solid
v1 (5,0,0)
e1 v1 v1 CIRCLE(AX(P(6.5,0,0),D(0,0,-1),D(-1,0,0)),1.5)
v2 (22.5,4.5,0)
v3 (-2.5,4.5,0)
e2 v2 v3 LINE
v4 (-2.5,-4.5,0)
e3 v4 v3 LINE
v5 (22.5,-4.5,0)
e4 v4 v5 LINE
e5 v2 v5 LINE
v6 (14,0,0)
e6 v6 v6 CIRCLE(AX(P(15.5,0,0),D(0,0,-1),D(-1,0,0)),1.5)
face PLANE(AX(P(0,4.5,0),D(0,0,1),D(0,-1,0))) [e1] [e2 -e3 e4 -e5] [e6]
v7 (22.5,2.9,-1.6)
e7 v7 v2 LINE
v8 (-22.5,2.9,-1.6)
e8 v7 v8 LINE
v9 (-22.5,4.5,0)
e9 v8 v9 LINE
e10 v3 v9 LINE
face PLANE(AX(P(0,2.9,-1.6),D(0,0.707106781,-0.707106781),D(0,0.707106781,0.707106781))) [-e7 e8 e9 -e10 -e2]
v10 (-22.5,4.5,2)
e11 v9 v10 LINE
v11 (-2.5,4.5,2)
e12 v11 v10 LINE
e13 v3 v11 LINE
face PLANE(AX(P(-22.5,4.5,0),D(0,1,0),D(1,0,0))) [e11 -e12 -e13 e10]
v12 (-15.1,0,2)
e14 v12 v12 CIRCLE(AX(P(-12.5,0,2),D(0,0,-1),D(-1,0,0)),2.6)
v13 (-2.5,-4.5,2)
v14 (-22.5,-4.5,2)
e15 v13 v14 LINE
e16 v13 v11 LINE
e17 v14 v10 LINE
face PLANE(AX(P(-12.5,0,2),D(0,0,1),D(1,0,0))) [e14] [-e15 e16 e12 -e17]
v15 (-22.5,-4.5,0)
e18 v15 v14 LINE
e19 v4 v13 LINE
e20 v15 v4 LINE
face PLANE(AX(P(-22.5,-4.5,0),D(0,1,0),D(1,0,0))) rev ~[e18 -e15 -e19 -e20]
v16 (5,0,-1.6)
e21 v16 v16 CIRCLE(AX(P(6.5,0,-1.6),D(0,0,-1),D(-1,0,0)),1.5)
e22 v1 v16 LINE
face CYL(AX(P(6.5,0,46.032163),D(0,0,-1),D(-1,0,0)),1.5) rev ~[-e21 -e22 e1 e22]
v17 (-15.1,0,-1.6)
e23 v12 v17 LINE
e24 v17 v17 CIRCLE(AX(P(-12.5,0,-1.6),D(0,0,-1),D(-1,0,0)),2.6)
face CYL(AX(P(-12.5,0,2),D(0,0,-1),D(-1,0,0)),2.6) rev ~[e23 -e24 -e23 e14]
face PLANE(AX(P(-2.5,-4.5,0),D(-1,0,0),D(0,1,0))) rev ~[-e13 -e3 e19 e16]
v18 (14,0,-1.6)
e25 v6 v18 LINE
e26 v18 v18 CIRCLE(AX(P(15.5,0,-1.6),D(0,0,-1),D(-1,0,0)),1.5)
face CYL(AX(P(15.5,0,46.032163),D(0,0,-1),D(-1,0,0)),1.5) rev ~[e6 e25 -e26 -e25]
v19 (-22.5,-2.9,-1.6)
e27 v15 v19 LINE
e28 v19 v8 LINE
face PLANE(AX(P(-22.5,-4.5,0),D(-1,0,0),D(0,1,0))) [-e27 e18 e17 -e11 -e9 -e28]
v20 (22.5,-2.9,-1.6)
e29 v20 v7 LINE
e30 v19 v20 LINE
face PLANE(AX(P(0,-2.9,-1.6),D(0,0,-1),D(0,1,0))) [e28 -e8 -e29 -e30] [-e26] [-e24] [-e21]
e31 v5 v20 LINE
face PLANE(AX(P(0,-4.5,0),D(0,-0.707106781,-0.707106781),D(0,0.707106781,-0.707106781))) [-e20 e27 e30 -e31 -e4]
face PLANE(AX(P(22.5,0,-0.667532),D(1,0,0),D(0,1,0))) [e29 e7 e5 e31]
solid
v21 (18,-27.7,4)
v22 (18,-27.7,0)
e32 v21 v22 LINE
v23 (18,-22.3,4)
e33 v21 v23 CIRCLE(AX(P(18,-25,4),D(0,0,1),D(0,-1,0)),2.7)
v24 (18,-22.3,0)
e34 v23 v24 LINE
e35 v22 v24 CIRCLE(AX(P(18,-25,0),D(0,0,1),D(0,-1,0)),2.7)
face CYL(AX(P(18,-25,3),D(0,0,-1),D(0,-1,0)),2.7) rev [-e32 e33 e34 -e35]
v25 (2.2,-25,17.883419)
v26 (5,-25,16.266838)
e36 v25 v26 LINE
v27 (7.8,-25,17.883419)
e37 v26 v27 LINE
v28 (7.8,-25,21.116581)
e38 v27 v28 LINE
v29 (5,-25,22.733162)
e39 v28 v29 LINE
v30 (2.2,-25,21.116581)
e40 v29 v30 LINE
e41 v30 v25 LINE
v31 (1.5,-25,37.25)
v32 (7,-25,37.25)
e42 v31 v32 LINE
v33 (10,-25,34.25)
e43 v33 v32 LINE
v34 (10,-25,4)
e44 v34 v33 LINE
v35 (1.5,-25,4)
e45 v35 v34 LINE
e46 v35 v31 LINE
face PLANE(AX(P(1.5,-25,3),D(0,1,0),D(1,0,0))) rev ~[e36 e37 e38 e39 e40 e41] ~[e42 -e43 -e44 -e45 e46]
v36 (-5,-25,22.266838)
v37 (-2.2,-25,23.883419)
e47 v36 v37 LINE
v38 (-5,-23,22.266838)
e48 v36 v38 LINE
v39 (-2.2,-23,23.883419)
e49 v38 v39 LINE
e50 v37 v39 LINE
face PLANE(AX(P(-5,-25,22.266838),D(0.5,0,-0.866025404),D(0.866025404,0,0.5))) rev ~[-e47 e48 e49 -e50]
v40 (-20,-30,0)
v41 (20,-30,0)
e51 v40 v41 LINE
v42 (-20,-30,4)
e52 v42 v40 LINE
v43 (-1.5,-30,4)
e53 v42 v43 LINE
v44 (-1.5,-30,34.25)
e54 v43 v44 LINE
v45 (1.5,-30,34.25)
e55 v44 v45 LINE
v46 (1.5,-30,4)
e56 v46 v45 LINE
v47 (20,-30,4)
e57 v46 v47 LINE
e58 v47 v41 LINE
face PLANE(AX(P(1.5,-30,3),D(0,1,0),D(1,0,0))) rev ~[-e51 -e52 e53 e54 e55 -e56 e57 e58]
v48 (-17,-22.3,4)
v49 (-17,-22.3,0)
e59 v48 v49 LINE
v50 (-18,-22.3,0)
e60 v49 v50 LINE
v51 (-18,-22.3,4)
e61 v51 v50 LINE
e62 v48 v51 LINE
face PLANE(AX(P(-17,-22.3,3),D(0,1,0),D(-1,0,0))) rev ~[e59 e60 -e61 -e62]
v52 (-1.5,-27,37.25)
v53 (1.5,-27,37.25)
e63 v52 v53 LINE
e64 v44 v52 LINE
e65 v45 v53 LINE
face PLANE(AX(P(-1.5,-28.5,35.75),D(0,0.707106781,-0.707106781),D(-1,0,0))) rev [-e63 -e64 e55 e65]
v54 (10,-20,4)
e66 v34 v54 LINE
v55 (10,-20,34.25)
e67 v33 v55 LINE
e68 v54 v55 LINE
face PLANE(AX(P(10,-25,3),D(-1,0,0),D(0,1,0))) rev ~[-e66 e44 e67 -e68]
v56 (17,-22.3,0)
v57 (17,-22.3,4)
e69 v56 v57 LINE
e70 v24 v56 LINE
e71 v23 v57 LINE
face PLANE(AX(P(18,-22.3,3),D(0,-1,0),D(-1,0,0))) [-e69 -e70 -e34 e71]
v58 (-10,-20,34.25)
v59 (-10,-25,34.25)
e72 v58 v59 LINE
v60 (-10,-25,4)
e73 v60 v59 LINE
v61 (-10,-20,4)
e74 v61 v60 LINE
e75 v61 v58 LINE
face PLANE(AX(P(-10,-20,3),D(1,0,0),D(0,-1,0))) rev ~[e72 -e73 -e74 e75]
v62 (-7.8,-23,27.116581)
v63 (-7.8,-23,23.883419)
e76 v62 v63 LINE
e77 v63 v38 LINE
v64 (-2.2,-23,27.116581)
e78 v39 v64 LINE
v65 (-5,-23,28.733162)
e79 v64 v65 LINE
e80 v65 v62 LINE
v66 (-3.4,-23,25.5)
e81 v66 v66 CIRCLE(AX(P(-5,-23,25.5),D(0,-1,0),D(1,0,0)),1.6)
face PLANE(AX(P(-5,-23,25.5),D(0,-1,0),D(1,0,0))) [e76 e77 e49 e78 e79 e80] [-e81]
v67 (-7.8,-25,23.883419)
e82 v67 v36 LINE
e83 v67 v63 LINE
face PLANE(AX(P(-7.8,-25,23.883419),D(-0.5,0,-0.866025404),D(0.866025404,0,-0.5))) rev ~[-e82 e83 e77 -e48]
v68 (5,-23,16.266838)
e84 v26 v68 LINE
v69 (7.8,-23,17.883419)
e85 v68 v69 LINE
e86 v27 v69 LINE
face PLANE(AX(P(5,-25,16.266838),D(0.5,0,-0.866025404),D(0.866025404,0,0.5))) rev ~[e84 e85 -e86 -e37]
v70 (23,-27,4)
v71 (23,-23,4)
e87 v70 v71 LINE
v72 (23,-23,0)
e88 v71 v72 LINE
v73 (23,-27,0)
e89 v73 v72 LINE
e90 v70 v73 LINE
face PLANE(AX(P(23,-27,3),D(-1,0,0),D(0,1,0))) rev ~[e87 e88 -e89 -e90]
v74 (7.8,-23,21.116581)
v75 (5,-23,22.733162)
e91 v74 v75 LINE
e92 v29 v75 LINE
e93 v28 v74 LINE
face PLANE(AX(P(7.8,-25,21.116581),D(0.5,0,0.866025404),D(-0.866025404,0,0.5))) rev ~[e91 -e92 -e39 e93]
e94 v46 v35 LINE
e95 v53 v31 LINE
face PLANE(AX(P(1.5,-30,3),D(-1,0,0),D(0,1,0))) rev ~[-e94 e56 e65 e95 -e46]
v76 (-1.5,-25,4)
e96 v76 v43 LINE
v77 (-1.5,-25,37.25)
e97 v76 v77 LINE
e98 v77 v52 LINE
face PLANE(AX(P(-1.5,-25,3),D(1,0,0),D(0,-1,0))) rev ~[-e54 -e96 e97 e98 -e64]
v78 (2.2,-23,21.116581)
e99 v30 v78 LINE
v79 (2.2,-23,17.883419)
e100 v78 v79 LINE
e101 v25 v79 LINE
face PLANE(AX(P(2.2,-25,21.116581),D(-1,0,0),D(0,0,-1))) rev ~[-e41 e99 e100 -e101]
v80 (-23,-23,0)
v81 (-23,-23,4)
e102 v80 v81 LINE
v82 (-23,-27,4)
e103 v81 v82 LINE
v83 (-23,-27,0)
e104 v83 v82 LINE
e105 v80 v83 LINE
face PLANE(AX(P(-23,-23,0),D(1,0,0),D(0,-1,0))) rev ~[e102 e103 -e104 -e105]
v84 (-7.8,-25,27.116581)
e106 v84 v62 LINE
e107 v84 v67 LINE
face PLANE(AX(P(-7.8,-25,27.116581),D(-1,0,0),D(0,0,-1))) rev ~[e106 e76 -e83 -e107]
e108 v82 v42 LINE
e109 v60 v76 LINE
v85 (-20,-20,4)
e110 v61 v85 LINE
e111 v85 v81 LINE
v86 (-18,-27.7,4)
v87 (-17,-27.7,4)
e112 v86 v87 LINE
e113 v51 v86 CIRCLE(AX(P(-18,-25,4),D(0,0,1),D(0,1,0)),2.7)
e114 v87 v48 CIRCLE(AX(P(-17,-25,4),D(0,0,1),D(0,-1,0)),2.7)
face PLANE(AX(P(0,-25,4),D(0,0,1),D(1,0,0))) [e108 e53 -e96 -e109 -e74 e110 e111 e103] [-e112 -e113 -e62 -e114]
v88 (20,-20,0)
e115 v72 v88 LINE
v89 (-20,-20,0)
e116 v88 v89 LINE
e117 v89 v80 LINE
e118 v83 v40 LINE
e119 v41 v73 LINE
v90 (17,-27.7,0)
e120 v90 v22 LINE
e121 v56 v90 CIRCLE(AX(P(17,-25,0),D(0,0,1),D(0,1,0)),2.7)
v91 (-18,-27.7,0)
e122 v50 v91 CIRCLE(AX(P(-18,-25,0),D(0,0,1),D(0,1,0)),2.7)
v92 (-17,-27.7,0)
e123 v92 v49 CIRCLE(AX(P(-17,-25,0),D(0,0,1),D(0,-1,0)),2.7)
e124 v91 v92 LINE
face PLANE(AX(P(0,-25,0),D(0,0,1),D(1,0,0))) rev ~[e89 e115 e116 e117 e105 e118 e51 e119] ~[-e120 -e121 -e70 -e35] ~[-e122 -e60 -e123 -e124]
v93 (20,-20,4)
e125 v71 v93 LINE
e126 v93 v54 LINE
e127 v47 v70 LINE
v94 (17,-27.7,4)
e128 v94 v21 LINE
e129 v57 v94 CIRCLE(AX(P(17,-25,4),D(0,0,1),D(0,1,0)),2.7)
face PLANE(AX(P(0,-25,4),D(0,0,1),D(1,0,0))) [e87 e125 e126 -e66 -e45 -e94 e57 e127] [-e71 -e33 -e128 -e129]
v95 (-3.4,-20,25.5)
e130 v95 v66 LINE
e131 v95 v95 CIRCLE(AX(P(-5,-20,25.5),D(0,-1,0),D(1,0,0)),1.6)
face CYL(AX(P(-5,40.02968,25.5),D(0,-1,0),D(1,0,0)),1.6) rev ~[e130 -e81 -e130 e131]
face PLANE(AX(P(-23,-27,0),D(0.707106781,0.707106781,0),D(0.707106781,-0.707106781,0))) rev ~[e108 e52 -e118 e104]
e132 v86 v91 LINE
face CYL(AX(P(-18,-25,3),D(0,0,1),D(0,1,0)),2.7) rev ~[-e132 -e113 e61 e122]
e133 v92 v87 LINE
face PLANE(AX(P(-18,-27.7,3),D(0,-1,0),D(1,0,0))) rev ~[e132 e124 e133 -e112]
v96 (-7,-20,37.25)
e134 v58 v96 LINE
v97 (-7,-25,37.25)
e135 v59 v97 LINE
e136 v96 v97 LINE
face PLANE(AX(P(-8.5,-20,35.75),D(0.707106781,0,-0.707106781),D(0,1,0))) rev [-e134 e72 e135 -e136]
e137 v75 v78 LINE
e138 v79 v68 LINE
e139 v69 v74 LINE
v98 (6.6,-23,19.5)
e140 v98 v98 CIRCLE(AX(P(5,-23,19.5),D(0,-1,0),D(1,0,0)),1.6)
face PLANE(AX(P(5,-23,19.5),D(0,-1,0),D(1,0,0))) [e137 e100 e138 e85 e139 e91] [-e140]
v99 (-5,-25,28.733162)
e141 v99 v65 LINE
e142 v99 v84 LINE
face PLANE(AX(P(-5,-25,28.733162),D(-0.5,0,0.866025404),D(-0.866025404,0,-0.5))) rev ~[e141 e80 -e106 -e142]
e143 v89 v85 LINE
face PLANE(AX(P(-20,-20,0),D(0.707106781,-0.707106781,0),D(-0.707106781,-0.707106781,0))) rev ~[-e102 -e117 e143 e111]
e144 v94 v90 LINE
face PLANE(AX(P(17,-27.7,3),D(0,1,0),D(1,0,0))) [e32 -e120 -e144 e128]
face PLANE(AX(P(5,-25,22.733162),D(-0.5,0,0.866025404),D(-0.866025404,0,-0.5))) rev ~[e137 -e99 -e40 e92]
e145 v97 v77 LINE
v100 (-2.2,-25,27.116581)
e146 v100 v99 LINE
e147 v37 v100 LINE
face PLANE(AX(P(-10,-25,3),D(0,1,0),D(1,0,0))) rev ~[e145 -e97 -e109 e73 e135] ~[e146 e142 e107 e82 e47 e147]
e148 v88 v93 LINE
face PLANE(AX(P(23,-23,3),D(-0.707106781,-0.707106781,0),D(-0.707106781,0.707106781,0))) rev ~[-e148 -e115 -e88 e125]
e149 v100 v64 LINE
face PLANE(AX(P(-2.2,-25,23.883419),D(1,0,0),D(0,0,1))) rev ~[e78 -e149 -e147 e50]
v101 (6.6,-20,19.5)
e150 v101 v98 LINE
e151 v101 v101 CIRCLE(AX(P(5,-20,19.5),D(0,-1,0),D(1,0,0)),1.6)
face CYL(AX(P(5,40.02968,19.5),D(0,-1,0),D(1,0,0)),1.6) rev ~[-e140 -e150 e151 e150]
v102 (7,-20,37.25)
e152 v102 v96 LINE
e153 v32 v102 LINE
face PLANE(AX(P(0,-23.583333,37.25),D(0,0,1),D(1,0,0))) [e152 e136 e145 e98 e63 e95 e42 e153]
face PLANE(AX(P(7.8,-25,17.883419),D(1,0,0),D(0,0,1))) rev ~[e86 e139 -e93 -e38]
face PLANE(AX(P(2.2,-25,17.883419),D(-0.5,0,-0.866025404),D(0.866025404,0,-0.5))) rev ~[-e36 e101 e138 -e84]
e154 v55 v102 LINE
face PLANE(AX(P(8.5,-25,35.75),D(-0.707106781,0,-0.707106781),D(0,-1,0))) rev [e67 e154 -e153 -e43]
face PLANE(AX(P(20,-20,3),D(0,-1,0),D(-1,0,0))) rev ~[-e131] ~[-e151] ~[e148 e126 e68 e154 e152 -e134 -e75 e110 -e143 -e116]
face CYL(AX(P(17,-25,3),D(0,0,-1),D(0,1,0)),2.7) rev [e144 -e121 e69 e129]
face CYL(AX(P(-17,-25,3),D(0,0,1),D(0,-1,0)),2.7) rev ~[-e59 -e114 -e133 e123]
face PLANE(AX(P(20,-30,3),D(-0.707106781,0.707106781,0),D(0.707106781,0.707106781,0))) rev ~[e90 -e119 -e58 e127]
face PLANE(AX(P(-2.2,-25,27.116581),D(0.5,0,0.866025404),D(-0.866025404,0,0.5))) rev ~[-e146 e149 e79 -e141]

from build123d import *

# Parameters (mm, degrees)
F1_DEPTH        = 3
F3_DEPTH        = 34.25
F4_SIZE         = 3
F6_D            = 3.2
F8_DEPTH        = 3.001
F10_DEPTH       = 2
F13_DEPTH       = 22.5
F14_W           = 20
F14_H           = 9
F15_DEPTH       = 2
F17_D           = 5.2
F17_CBORE_D     = 10
F17_CBORE_DEPTH = 0
F19_D           = 3
F20_DEPTH       = 1


with BuildPart() as f1:
    # F0 (on Top) → F1 (new body)
    with BuildSketch(Plane.XY):
        Polygon((20, 5), (0, 5), (-20, 5), (-23, 2), (-23, 0), (-23, -2), (-20, -5), (0, -5), (20, -5), (23, -2), (23, 0), (23, 2), align=None)
    extrude(amount=F1_DEPTH)

    # F2 (on face) → F3 (join)
    with BuildSketch(Plane.XY.offset(3)):
        Polygon((10, 5), (-10, 5), (-10, 0), (-1.5, 0), (-1.5, -5), (1.5, -5), (1.5, 0), (10, 0), align=None)
    extrude(amount=F3_DEPTH)

    # F4
    f4_edges = [f1.edges().sort_by_distance(p)[0] for p in [
        (10, 2.5, 37.25),
        (-10, 2.5, 37.25),
        (0, -5, 37.25),
    ]]
    chamfer(f4_edges, length=F4_SIZE)

    # F6 (through all)
    with Locations(Plane(origin=(0, 5, 0), x_dir=(-1, 0, 0), z_dir=(0, 1, 0))):
        with Locations((5, 25.5), (-5, 19.5)):
            Hole(F6_D / 2)

    # F7 (on face) → F8 (cut, through all)
    with BuildSketch(Plane.XY.offset(3)):
        with BuildLine():
            ThreePointArc((17, 2.7), (14.3, 0), (17, -2.7))
            Line((17, -2.7), (18, -2.7))
            ThreePointArc((18, -2.7), (20.7, 0), (18, 2.7))
            Line((18, 2.7), (17, 2.7))
        make_face()
        with BuildLine():
            ThreePointArc((-17, -2.7), (-14.3, 0), (-17, 2.7))
            Line((-17, 2.7), (-18, 2.7))
            ThreePointArc((-18, 2.7), (-20.7, 0), (-18, -2.7))
            Line((-18, -2.7), (-17, -2.7))
        make_face()
    extrude(amount=-F8_DEPTH, mode=Mode.SUBTRACT)

    # F9 (on face) → F10 (cut)
    with BuildSketch(Plane.XZ):
        Polygon((7.8, 17.8834192463), (7.8, 21.1165807537), (5, 22.7331615075), (2.2, 21.1165807537), (2.2, 17.8834192463), (5, 16.2668384925), align=None)
        Polygon((-2.2, 23.8834192463), (-2.2, 27.1165807537), (-5, 28.7331615075), (-7.8, 27.1165807537), (-7.8, 23.8834192463), (-5, 22.2668384925), align=None)
    extrude(amount=-F10_DEPTH, mode=Mode.SUBTRACT)


with BuildPart() as f1_1:
    # F11: moved
    add(f1.part.moved(Location((0, -25, 0))))

    # F20 (add): faces of the model
    f20_faces = [f1_1.faces().sort_by_distance(p)[0] for p in [
        (12.5452222466, -25.7858856299, 3),
        (-12.5452222466, -25.7858856299, 3),
    ]]
    extrude(f20_faces, amount=F20_DEPTH)


with BuildPart() as f13:
    # F12 (on Right) → F13 (new body, symmetric)
    with BuildSketch(Plane.YZ):
        Polygon((4.5, 0), (0, 0), (-4.5, 0), (-2.9, -1.6), (2.9, -1.6), align=None)
    extrude(amount=F13_DEPTH, both=True)

    # F14 (on face) → F15 (join)
    with BuildSketch(Plane.XY):
        with Locations((-12.5, 0)):
            Rectangle(F14_W, F14_H)
    extrude(amount=F15_DEPTH)

    # F17 (through all)
    with Locations(Plane.XY.offset(2)):
        with Locations((-12.5, 0)):
            CounterBoreHole(F17_D / 2, F17_CBORE_D / 2, F17_CBORE_DEPTH)

    # F19 (through all)
    with Locations(Plane.XY):
        with Locations((6.5, 0), (15.5, 0)):
            Hole(F19_D / 2)


solid = Compound([f1_1.part, f13.part])
